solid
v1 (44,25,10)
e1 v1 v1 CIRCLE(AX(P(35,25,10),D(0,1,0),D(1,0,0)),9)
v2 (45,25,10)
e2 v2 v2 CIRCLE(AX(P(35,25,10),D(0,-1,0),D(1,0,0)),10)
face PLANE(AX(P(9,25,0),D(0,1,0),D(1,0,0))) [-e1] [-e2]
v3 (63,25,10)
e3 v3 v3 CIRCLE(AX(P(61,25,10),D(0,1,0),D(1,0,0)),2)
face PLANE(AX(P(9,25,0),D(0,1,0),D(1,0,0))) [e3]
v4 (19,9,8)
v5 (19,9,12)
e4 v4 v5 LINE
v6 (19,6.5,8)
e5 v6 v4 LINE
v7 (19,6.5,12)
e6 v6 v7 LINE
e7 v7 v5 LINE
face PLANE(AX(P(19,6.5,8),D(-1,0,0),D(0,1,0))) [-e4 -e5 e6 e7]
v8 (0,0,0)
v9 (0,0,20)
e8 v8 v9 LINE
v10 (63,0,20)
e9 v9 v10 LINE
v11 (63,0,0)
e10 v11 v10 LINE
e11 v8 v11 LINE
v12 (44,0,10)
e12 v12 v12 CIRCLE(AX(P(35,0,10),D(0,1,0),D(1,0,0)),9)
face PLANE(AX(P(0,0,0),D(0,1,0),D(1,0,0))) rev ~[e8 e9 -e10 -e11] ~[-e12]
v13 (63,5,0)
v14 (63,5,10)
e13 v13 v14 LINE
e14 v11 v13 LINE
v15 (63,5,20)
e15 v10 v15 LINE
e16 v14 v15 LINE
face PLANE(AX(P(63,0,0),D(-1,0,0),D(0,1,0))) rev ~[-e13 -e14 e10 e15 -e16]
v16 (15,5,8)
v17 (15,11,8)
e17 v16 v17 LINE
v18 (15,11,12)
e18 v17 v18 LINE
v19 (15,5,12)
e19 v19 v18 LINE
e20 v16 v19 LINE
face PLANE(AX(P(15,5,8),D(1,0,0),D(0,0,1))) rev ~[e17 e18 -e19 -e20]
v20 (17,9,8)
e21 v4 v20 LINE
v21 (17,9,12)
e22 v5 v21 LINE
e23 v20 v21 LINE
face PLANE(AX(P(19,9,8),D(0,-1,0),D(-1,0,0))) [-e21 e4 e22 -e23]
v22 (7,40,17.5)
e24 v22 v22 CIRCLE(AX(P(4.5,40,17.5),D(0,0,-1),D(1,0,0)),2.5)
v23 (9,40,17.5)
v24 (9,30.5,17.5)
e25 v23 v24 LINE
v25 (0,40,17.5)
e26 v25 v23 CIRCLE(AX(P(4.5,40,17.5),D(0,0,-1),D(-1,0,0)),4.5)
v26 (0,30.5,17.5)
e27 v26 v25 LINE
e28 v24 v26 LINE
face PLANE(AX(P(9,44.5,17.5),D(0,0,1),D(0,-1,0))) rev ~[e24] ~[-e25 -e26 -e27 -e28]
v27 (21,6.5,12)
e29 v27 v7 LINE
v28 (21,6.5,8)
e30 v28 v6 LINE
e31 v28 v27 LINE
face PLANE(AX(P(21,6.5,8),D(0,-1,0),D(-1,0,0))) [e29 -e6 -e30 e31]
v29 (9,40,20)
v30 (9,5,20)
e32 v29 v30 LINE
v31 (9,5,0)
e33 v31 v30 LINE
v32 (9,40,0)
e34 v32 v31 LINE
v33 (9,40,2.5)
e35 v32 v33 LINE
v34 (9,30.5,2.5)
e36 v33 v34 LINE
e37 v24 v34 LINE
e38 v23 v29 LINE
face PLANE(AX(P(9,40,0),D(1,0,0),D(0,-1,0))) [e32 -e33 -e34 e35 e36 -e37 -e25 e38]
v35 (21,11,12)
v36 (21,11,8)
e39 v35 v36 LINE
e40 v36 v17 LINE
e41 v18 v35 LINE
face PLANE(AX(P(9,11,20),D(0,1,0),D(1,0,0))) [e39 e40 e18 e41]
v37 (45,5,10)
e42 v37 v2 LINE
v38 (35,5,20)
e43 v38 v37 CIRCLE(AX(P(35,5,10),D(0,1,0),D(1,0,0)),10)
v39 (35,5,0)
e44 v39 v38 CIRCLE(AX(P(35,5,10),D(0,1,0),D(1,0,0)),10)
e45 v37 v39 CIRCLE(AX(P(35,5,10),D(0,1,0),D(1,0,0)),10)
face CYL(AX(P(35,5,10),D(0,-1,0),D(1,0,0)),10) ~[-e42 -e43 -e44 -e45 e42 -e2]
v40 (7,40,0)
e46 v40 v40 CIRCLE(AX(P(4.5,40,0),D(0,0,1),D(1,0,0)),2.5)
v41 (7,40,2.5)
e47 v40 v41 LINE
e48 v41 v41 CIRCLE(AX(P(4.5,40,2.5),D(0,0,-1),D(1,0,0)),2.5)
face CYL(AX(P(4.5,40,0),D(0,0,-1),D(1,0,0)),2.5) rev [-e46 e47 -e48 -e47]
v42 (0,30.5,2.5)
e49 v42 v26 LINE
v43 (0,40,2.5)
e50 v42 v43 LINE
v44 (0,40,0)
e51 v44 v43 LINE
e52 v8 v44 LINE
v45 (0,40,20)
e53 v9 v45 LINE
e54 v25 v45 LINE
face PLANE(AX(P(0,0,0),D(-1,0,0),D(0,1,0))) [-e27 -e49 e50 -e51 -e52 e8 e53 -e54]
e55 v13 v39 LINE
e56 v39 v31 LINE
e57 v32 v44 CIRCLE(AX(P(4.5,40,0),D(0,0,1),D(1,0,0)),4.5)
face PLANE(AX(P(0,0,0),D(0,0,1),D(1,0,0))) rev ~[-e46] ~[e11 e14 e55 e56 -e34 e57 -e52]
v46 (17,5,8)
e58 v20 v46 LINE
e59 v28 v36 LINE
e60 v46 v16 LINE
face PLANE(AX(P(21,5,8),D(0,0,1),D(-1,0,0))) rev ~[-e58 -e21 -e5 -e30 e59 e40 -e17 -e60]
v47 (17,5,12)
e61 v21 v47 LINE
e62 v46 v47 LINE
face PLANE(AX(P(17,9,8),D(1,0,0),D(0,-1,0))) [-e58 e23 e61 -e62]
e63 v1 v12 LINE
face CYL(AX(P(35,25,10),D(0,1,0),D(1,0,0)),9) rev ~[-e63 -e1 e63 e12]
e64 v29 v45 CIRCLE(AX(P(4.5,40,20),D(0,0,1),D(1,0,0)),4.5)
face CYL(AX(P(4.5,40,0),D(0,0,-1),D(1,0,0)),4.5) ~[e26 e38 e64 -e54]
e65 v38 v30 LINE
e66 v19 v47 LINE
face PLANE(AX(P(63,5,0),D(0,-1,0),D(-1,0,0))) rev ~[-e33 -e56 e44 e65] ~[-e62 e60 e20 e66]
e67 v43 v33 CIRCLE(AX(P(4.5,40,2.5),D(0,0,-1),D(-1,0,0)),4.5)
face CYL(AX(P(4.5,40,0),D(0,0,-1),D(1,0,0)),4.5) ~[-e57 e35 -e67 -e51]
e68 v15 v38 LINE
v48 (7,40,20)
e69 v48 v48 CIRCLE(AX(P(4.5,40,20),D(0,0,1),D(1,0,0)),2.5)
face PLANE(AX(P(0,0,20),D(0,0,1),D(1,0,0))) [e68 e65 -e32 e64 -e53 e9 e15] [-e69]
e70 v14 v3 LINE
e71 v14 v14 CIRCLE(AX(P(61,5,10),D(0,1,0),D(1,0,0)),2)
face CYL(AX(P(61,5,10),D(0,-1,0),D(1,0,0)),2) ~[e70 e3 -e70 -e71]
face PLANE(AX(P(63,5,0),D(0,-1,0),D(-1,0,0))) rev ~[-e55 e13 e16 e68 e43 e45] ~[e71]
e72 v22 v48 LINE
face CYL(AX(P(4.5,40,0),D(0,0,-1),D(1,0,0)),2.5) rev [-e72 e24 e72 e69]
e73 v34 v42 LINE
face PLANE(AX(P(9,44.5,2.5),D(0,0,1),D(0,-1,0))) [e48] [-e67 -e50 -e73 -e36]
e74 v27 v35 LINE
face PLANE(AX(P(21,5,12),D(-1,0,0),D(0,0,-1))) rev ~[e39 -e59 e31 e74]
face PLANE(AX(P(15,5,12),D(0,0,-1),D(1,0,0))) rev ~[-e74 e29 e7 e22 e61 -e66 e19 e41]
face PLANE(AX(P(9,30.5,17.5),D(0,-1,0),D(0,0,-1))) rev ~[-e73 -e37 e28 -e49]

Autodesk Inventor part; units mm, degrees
ref_plane "YZ Plane" through (0, 0, 0) normal (1, 0, 0) x (0, 1, 0)
ref_plane "XZ Plane" through (0, 0, 0) normal (0, 1, 0) x (-1, 0, 0)
ref_plane "XY Plane" through (0, 0, 0) normal (0, 0, 1) x (1, 0, 0)
sketch "Sketch1" plane through (0, 0, 0) normal (0, 0, 1) x (1, 0, 0)
  line L0 (0, 0) -> (0, 40)
  line L1 (0, 0) -> (63, 0)
  line L2 (63, 0) -> (63, 5)
  line L3 (63, 5) -> (9, 5)
  arc A0 (9, 40) -> (0, 40) centre (4.5, 40) ccw
  line L4 (9, 40) -> (9, 5)
  circle A1 centre (4.5, 40) radius 2.5
  dimension "d0" = 40
  dimension "d2" = 5
  dimension "d6" = 4.5
  dimension "d7" = 5
  dimension "d8" = 9
  dimension "d9" = 54
  dimension "d47" = 32.5
extrude "Extrusion1" add sketch "Sketch1" along normal blind 20
sketch "Sketch2" plane through (9, 5, 0) normal (0, 1, 0) x (1, 0, 0)
  line L0 (0, 0) -> (0, -20) projected
  circle A0 centre (26, -10) radius 10
  line L1 (0, 0) -> (54, 0) projected
  circle A1 centre (52, -10) radius 2
  line L2 (54, 0) -> (54, -20) projected
  point P0 (-9, 0)
  dimension "d14" = 20
  dimension "d16" = 26
  dimension "d20" = 4
  dimension "d21" = 10
  dimension "d22" = 14
sketch "Sketch6" plane through (9, 5, 0) normal (1, 0, 0) x (0, 0, -1)
  point P0 (0, -5)
sketch "Sketch7" plane through (9, 5, 0) normal (1, 0, 0) x (0, 0, -1)
  line L0 (-10, 41.0364) -> (-10, 39.6436)
  line L1 (0, 39.5) -> (-20, 39.5) projected
  line L2 (-2.5, 39.5) -> (-2.5, 25.5)
  line L3 (-17.5, 39.5) -> (-17.5, 25.5)
  line L4 (-17.5, 39.5) -> (-2.5, 39.5)
  line L5 (0, 32.5) -> (-20, 32.5) projected
  line L6 (-17.5, 25.5) -> (-2.5, 25.5)
  point P0 (0, -5)
  dimension "d40" = 14
  dimension "d41" = 14
  dimension "d42" = 15
extrude "Extrusion5" cut sketch "Sketch7" against normal blind 14
sketch "Sketch8" plane through (0, 0, 0) normal (0, 0, -1) x (-1, 0, 0)
  point P0 (0, 0)
extrude "Extrusion6" add sketch "Sketch2" along normal blind 20
sketch "Sketch9" plane through (35, 25, 10) normal (0, 1, 0) x (1, 0, 0)
  circle A0 centre (0, 0) radius 9
  point P0 (-35, 10)
  dimension "d50" = 18
extrude "Extrusion7" cut sketch "Sketch9" against normal blind 25
sketch "Sketch10" plane through (9, 5, 20) normal (0, 1, 0) x (1, 0, 0)
  line L0 (6, 8) -> (12, 8)
  line L1 (12, 8) -> (12, 12)
  line L2 (12, 12) -> (6, 12)
  line L3 (6, 12) -> (6, 8)
  line L4 (26, 0) -> (0, 0) projected
  line L5 (0, 2.5) -> (0, 17.5) projected
  point P0 (-9, 20)
  dimension "d53" = 6
  dimension "d54" = 4
  dimension "d55" = 8
  dimension "d56" = 6
extrude "Extrusion8" add sketch "Sketch10" along normal blind 6
sketch "Sketch11" plane through (21, 5, 8) normal (0, 0, -1) x (-1, 0, 0)
  line L0 (2, 4) -> (4, 4)
  line L1 (6, 0) -> (6, 6) projected
  line L2 (12, 0) -> (-14, 0) projected
  line L3 (0, 0) -> (6, 0)
  line L4 (0, 1.5) -> (0, 0)
  line L5 (6, 0) -> (0, 0)
  line L6 (0, 0) -> (3, 0)
  line L7 (0, 1.5) -> (2, 1.5)
  line L8 (2, 1.5) -> (2, 4)
  line L9 (3, 0) -> (0, 0)
  line L10 (4, 4) -> (4, 0)
  line L11 (0, 0) -> (6, 0) projected
  line L12 (0, 0) -> (4, 0)
  point P0 (21, -5)
  dimension "d59" = 2
  dimension "d60" = 2
  dimension "d61" = 4
  dimension "d62" = 1.5
extrude "Extrusion9" cut sketch "Sketch11" against normal blind 4
equation "\"d21\" = d19"
equation "\"d40\" = d41"
equation "\"d19\" = 0.5 * d14"
properties part number "ValveBaseMk2.3"
